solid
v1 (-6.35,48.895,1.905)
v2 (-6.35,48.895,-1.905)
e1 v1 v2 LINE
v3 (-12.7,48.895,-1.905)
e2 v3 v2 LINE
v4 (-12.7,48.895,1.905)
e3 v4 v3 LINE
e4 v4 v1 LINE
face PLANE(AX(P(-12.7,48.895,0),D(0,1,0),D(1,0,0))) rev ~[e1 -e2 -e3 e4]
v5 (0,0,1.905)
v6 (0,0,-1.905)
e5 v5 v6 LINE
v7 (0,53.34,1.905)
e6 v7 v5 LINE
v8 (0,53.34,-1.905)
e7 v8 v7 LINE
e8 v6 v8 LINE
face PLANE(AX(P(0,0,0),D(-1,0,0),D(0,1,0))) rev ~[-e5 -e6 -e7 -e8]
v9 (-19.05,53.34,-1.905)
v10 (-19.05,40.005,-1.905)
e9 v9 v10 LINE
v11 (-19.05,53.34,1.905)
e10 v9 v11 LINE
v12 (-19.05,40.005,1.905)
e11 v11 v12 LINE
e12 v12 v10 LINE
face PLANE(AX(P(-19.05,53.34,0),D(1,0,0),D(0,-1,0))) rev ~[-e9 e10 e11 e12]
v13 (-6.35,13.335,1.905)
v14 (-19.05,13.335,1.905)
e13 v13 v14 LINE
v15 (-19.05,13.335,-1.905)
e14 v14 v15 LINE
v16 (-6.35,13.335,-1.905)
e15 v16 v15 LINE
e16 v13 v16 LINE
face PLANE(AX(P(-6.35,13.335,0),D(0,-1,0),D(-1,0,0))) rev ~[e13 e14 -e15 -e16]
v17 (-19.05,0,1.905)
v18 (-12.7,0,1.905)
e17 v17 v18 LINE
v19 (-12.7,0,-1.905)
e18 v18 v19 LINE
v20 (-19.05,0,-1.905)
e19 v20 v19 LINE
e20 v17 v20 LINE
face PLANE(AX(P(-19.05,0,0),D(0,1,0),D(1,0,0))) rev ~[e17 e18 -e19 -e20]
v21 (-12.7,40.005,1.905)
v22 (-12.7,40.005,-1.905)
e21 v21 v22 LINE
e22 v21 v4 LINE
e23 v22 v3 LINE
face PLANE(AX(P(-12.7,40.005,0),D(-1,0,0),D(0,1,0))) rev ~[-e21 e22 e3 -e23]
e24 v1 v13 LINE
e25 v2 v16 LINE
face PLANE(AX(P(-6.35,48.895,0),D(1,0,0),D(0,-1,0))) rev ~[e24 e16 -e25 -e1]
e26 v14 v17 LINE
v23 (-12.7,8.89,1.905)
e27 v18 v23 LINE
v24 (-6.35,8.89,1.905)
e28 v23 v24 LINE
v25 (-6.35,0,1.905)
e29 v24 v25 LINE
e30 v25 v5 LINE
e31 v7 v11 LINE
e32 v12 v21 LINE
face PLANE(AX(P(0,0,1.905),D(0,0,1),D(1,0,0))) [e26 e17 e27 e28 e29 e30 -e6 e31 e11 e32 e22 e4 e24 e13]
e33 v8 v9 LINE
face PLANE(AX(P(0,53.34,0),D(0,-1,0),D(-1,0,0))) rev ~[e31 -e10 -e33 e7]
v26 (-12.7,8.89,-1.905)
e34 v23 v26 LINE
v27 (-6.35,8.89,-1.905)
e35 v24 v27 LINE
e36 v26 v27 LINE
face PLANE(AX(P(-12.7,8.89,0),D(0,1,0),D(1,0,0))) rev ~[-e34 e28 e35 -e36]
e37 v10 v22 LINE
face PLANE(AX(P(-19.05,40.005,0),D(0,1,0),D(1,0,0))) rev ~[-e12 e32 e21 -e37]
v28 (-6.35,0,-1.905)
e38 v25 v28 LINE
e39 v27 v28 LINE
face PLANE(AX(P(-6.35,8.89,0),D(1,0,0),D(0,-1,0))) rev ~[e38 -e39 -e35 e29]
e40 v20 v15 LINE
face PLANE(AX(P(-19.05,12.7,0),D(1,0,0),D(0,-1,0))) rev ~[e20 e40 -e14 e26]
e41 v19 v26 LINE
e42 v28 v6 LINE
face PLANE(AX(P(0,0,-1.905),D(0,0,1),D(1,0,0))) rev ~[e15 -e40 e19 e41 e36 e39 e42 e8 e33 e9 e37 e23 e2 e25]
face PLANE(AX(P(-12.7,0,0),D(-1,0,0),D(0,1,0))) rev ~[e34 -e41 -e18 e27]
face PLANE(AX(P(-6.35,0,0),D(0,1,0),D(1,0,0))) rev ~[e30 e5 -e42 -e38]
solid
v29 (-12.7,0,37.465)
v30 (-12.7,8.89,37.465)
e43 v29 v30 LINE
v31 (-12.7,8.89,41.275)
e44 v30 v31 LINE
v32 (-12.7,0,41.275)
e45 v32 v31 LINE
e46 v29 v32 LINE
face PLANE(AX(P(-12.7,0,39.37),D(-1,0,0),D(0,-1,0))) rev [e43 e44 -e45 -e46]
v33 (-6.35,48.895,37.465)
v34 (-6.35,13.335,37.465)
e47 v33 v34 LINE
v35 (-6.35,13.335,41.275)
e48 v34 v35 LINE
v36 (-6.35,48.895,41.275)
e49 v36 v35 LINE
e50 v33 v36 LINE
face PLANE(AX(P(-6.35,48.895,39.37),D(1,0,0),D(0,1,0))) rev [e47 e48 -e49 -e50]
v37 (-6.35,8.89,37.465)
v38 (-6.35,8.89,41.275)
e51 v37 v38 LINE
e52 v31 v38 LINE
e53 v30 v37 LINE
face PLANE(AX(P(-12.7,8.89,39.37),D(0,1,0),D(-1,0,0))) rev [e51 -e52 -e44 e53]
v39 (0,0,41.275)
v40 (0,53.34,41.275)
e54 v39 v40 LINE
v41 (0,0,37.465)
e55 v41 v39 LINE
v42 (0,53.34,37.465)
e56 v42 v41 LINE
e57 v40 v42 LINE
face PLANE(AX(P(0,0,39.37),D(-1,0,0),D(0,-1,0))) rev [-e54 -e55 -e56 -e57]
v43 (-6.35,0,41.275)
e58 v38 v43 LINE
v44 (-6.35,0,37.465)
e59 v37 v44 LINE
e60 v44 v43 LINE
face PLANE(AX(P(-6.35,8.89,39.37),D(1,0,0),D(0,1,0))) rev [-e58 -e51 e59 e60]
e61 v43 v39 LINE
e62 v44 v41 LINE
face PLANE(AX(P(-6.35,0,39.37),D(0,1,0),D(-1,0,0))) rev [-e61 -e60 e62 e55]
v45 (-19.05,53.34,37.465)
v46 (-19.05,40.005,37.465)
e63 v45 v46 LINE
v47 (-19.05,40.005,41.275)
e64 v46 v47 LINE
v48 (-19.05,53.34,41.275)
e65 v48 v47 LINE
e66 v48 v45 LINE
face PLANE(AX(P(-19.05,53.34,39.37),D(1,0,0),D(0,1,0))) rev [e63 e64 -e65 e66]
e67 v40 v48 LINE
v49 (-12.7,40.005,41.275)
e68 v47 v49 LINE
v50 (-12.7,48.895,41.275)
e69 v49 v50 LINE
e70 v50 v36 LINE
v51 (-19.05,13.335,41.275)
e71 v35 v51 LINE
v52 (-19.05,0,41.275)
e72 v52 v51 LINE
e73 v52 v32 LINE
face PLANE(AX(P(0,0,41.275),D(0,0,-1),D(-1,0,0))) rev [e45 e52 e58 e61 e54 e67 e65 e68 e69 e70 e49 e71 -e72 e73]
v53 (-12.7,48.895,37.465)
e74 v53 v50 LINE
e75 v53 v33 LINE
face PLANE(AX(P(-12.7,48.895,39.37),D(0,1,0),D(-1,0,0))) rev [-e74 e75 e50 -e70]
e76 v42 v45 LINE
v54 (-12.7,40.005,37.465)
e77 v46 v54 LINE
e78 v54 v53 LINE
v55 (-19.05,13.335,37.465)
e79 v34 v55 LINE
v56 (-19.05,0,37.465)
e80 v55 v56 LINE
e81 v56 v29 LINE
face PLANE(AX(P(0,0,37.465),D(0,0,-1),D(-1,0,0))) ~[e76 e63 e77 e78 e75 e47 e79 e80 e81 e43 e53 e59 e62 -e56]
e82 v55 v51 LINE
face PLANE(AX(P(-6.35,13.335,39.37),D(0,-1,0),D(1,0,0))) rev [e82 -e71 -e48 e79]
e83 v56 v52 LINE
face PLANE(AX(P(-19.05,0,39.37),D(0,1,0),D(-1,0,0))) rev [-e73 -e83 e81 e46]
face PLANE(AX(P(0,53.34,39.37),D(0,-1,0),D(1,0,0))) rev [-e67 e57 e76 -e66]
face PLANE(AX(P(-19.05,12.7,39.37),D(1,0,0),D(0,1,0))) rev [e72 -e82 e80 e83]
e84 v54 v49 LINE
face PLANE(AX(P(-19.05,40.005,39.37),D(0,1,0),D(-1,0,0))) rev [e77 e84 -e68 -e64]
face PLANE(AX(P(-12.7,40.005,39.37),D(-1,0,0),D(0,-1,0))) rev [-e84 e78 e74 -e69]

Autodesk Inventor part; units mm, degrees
ref_plane "YZ Plane" through (0, 0, 0) normal (1, 0, 0) x (0, 1, 0)
ref_plane "XZ Plane" through (0, 0, 0) normal (0, 1, 0) x (-1, 0, 0)
sketch "Sketch1" plane through (0, 0, 0) normal (0, 0, 1) x (1, 0, 0)
  line L0 (0, 6.35) -> (0, 53.34)
  line L1 (0, 53.34) -> (-19.05, 53.34)
  line L2 (-19.05, 53.34) -> (-19.05, 55.245)
  line L3 (-12.7, 48.895) -> (-6.35, 48.895)
  line L4 (-6.35, 48.895) -> (-6.35, 13.335)
  line L5 (-6.35, 13.335) -> (-19.05, 13.335)
  line L6 (-19.05, 13.335) -> (-19.05, 12.7)
  line L7 (-12.7, 8.89) -> (-6.35, 8.89)
  line L8 (-6.35, 8.89) -> (-6.35, 0)
  line L9 (-6.35, 0) -> (0, 0)
  line L10 (-19.05, 55.245) -> (-19.05, 40.005)
  line L11 (-19.05, 40.005) -> (-12.7, 40.005)
  line L12 (-12.7, 40.005) -> (-12.7, 48.895)
  line L13 (-19.05, 12.7) -> (-19.05, 0)
  line L14 (-19.05, 0) -> (-12.7, 0)
  line L15 (-12.7, 0) -> (-12.7, 8.89)
  line L16 (0, 0) -> (0, 6.35)
  point P0 (-19.05, 53.34)
  point P1 (-19.05, 11.43)
  dimension "d1" = 35.56
  dimension "d2" = 4.445
  dimension "d3" = 4.445
  dimension "d4" = 6.35
  dimension "d6" = 6.35
  dimension "d7" = 6.35
  dimension "d13" = 13.335
  dimension "d14" = 13.335
extrude "Extrusion1" add sketch "Sketch1" along normal mid plane 3.81
ref_plane "Work Plane1" through (0, 0, 19.685) normal (0, 0, 1) x (1, 0, 0)
mirror "Mirror1" about plane through (0, 0, 19.685) normal (0, 0, 1) of "Extrusion1"
equation "\"d11\" = width"
equation "\"d15\" = oneHalfSpacing"
equation "\"width\" = 3.81"
equation "\"spacing\" = 39.37"
equation "\"oneHalfSpacing\" = 0.5 * spacing"
properties part number "twostartConfigurationV01"
